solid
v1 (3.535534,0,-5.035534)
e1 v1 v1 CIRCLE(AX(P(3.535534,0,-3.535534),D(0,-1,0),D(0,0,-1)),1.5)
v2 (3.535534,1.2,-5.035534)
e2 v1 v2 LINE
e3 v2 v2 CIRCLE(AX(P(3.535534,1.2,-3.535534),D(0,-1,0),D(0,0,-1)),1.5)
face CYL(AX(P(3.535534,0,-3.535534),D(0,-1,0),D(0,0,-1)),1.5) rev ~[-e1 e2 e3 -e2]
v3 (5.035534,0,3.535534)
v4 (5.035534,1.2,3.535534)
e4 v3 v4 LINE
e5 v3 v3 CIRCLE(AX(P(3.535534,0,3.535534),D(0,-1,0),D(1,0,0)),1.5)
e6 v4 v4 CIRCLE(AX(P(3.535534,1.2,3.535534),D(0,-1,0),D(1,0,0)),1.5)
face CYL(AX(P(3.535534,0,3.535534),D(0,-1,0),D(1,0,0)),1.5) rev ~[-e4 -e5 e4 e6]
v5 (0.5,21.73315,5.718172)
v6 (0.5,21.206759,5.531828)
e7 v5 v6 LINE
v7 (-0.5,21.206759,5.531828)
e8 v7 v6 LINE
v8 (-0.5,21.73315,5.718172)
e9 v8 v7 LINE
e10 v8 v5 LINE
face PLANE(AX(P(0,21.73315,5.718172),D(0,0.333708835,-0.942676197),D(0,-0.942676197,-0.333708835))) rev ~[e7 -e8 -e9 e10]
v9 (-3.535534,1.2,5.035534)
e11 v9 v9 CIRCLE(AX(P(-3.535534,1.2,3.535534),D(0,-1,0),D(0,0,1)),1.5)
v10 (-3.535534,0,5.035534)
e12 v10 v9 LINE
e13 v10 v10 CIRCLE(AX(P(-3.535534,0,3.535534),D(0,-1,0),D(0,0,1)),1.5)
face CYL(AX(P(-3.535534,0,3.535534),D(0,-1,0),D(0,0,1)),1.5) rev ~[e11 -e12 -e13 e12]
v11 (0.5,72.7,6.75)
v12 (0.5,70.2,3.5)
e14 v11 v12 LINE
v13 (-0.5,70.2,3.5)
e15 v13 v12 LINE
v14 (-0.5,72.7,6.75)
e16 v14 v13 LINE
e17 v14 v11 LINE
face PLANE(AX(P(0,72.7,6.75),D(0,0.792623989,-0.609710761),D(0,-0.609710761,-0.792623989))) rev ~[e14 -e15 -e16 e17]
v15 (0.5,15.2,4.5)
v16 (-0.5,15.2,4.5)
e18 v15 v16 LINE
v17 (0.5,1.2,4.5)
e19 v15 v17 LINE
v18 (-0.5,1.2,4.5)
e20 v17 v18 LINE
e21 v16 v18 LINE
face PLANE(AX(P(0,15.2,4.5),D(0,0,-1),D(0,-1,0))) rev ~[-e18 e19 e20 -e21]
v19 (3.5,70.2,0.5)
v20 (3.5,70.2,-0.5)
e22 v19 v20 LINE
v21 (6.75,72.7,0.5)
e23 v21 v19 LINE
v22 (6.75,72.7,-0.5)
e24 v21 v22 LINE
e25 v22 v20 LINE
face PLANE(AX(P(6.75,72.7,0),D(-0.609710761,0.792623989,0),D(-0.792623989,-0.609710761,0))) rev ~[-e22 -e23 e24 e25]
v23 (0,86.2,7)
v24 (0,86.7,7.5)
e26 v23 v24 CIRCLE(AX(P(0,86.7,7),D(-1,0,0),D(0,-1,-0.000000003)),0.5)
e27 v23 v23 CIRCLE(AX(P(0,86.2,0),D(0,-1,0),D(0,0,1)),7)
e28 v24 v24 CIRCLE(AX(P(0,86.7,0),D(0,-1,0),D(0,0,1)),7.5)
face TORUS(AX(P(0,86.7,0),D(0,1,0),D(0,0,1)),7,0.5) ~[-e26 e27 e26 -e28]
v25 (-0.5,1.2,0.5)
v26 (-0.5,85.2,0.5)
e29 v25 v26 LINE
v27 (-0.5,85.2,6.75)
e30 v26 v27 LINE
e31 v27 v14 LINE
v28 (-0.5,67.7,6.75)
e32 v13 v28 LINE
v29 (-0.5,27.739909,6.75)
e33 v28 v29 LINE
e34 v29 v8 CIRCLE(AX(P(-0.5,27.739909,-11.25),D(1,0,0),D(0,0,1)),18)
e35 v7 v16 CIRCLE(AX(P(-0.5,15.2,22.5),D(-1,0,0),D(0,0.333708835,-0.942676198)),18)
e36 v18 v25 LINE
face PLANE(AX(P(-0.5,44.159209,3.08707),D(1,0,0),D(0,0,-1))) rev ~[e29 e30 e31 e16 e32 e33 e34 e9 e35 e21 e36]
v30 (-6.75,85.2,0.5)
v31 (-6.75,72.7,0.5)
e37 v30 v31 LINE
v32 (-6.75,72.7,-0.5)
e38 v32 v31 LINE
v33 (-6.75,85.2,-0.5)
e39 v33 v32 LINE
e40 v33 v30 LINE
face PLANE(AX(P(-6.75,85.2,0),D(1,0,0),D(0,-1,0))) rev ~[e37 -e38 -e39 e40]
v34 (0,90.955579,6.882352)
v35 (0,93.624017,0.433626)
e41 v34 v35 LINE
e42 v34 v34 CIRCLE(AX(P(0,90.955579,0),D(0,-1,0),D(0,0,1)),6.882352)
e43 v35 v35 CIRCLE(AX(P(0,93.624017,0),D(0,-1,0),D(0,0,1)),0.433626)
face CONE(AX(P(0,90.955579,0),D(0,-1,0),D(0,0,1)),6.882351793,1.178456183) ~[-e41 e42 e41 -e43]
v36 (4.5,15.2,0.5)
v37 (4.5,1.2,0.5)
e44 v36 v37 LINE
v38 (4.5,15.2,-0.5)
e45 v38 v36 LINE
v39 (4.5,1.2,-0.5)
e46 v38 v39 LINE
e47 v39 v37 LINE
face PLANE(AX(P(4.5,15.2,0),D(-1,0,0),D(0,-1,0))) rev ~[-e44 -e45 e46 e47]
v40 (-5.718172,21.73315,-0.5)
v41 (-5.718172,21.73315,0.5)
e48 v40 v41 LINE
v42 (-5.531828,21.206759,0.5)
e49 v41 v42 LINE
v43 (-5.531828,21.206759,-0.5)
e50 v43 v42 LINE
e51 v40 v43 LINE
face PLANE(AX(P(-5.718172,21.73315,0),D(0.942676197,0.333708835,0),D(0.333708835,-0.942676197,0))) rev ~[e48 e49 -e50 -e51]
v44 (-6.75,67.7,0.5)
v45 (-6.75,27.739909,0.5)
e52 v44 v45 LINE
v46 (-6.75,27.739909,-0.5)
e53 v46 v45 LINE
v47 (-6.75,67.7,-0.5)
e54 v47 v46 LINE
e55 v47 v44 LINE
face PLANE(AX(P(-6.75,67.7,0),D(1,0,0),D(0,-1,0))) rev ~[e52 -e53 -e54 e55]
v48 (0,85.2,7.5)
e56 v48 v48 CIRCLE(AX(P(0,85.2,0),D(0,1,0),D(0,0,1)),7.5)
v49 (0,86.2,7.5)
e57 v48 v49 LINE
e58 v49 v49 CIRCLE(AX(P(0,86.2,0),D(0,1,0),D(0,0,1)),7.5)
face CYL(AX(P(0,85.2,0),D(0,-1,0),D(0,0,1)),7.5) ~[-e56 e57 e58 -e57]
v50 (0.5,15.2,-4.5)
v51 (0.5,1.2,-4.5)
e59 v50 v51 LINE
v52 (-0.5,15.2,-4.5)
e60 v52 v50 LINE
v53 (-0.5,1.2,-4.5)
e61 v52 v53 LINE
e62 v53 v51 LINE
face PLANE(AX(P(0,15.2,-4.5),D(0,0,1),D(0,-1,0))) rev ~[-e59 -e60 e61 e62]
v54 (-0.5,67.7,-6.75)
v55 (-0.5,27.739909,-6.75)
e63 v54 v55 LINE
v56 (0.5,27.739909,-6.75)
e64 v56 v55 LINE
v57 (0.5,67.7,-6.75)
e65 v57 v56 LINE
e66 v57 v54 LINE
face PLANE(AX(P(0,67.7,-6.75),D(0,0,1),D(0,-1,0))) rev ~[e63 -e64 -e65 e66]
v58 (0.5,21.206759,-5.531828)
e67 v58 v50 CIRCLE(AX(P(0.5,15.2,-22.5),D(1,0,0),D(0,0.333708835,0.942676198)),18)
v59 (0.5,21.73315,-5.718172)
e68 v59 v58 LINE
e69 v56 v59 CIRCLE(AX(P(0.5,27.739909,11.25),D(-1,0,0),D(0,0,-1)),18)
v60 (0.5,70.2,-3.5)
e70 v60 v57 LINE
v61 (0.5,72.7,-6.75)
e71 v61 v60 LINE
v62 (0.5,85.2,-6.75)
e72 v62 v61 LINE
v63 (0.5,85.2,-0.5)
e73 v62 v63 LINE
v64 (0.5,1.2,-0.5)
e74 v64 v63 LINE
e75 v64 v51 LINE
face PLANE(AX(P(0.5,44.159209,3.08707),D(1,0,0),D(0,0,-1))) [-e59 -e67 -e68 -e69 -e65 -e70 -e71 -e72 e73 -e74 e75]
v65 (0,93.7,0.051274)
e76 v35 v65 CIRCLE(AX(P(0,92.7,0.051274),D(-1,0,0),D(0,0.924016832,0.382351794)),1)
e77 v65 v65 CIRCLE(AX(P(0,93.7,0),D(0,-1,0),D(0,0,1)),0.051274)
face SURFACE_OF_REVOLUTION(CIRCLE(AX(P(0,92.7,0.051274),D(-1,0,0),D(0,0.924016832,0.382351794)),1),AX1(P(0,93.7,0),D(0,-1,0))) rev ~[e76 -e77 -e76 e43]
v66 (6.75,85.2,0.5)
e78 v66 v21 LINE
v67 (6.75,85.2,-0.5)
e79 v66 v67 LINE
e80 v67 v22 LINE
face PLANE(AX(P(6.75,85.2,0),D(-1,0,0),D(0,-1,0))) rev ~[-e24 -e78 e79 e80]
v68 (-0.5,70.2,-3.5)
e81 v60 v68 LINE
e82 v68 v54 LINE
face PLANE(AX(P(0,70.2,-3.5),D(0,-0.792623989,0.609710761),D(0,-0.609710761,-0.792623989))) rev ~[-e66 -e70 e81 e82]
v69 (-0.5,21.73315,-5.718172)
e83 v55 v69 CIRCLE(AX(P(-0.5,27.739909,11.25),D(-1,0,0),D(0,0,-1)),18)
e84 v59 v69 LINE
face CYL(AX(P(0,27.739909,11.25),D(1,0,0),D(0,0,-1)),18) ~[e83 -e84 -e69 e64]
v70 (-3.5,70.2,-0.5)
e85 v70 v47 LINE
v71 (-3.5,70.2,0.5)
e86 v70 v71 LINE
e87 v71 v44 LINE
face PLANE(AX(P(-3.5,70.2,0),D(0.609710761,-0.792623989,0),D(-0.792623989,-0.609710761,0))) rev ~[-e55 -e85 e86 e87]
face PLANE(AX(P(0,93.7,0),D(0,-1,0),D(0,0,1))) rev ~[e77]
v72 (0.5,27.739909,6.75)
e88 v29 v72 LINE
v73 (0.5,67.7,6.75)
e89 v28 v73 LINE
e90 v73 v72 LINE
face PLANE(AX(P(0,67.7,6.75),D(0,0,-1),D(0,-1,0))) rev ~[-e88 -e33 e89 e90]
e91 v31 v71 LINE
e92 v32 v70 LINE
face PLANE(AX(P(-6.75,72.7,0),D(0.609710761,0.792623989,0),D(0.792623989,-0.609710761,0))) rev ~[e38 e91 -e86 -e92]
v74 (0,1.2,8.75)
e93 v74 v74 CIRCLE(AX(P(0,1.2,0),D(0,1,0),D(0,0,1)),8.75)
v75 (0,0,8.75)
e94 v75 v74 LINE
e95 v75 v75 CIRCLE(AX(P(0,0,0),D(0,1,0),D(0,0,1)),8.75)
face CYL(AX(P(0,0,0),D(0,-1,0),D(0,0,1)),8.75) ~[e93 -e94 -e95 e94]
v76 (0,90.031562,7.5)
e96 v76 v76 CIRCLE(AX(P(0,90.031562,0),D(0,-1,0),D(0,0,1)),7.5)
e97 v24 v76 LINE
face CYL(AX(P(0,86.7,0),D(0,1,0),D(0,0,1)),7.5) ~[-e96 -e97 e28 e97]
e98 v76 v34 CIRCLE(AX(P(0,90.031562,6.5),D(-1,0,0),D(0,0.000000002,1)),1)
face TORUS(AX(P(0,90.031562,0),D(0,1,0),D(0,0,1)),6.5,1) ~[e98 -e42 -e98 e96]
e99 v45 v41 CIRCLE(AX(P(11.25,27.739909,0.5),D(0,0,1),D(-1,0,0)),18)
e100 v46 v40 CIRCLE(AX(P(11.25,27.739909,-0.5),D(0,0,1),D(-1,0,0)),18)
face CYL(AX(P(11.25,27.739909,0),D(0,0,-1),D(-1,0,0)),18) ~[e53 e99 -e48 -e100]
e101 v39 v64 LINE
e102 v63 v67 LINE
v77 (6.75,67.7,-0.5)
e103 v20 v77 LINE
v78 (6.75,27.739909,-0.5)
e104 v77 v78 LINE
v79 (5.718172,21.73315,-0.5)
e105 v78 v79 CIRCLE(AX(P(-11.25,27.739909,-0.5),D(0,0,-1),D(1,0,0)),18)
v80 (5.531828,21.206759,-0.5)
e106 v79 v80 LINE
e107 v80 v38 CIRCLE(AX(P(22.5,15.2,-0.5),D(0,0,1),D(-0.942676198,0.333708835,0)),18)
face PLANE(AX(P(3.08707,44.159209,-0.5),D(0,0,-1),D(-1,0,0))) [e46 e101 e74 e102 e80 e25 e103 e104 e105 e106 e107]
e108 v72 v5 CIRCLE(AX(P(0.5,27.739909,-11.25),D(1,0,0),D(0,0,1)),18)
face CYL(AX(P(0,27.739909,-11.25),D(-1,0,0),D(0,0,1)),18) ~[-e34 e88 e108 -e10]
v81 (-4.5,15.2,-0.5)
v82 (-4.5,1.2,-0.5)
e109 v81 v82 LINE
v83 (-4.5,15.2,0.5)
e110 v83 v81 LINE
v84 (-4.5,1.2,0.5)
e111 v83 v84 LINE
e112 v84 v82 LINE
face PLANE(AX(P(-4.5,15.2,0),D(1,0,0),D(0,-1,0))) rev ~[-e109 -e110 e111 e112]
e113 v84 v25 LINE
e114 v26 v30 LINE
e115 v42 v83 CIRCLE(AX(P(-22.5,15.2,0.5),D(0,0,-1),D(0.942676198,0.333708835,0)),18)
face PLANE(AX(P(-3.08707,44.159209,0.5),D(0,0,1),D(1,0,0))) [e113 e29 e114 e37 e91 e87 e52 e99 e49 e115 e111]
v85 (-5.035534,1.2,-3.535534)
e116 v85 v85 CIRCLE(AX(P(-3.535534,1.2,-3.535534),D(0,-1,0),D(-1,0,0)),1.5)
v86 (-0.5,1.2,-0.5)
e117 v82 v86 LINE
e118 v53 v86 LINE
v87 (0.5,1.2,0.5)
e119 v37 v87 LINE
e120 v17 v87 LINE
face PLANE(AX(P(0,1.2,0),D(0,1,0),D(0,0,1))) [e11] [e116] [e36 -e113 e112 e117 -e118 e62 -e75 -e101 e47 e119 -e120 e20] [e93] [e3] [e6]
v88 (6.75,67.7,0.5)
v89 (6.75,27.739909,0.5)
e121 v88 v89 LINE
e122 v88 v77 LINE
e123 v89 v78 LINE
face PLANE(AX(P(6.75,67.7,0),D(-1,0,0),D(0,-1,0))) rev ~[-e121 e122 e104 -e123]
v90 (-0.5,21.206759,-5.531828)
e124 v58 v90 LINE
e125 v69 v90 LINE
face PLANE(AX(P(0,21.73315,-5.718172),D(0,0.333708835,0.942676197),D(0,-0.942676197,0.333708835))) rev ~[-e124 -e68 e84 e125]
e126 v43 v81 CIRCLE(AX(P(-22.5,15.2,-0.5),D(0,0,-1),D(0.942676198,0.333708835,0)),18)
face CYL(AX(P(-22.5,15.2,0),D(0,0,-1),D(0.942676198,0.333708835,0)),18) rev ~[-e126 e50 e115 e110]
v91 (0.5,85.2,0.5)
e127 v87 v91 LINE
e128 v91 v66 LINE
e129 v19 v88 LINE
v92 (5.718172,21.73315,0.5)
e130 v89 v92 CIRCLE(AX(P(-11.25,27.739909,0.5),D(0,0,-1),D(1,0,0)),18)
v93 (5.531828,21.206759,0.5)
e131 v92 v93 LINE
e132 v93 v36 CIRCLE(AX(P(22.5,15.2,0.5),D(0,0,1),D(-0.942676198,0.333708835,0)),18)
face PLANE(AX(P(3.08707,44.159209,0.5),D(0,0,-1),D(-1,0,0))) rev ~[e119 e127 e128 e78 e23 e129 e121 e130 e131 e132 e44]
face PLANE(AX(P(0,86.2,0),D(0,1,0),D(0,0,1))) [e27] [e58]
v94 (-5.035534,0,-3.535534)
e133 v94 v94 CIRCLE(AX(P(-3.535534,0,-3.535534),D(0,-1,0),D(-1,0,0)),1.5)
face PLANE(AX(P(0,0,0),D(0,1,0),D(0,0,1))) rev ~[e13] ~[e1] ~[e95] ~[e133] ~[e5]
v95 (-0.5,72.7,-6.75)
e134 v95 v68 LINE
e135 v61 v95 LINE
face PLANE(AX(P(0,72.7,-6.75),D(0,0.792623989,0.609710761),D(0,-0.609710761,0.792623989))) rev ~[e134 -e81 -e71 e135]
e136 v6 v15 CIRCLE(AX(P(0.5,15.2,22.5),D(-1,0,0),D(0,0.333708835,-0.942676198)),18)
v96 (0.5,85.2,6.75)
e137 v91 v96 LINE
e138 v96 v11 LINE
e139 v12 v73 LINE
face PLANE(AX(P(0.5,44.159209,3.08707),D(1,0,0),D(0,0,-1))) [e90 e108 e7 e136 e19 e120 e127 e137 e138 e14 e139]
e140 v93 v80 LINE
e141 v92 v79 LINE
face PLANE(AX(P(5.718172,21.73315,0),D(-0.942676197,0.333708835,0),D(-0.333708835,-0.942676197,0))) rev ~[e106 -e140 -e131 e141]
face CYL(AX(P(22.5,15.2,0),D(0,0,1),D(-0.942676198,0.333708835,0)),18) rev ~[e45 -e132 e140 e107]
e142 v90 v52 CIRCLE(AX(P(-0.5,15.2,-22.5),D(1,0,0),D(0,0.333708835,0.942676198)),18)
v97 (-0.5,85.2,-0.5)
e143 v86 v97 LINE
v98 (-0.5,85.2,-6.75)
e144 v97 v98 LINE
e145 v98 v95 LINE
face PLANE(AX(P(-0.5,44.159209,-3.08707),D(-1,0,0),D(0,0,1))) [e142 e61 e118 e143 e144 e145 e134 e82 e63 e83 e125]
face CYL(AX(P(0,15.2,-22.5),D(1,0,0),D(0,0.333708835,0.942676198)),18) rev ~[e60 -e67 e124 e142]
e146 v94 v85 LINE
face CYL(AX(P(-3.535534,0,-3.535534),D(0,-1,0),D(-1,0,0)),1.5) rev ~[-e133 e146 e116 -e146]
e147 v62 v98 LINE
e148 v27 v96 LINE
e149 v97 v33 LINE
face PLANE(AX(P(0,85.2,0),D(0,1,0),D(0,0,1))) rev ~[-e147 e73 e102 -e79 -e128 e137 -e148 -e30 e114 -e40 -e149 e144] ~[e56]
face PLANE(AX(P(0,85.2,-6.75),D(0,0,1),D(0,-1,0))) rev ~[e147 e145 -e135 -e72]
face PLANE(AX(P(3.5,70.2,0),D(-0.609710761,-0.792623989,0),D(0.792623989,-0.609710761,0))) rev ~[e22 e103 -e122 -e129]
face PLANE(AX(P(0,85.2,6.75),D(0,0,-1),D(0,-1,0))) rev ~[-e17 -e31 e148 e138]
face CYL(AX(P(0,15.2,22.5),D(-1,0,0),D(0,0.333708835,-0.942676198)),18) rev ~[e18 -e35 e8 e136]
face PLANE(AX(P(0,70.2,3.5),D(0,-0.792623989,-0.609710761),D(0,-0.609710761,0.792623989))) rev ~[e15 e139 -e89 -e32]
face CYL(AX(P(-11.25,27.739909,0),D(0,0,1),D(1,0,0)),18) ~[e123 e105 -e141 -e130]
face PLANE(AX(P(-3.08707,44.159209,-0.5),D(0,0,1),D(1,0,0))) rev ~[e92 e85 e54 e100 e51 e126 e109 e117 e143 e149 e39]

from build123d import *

# Parameters (mm, degrees)
SKETCH1_R           = 8.75
BOSS_EXTRUDE1_DEPTH = 1.2
BOSS_EXTRUDE2_DEPTH = 0.5
CIRPATTERN1_COUNT   = 4
SKETCH4_R           = 7.5
BOSS_EXTRUDE3_DEPTH = 1
CUT_EXTRUDE1_REACH  = 96.514
SKETCH6_R           = 1.5
CIRPATTERN2_COUNT   = 4


with BuildPart() as part:
    # Sketch1 → Boss-Extrude1 (new body)
    with BuildSketch(Plane(origin=(0, 0, 0), x_dir=(1, 0, 0), z_dir=(0, 1, 0))):
        with Locations(Location((0, 0, 0), (0, 0, 270))):
            Circle(SKETCH1_R)
    extrude(amount=BOSS_EXTRUDE1_DEPTH)

    # Sketch3 → Boss-Extrude2 (add, symmetric)
    with BuildSketch(Plane(origin=(0, 0, 0), x_dir=(0, 0, -1), z_dir=(1, 0, 0))):
        with BuildLine():
            Line((0, 1.2), (0, 85.2))
            Line((0, 85.2), (6.75, 85.2))
            Line((6.75, 85.2), (6.75, 72.7))
            Line((6.75, 72.7), (3.5, 70.2))
            Line((3.5, 70.2), (6.75, 67.7))
            Line((6.75, 67.7), (6.75, 27.739908728))
            ThreePointArc((6.75, 27.739908728), (6.490167531, 24.69254003), (5.718171558, 21.733149703))
            Line((5.718171558, 21.733149703), (5.531828442, 21.206759025))
            ThreePointArc((5.531828442, 21.206759025), (4.759832469, 18.247368698), (4.5, 15.2))
            Line((4.5, 15.2), (4.5, 1.2))
            Line((4.5, 1.2), (0, 1.2))
        make_face()
    boss_extrude2 = extrude(amount=BOSS_EXTRUDE2_DEPTH, both=True)

    # CirPattern1: Boss-Extrude2 ×4 about axis
    cirpattern1_axis = Axis((0, 0, 0), (0, 1, 0))
    for i in range(1, CIRPATTERN1_COUNT):
        add(boss_extrude2.rotate(cirpattern1_axis, i * 360 / CIRPATTERN1_COUNT))

    # Sketch4 → Boss-Extrude3 (add)
    with BuildSketch(Plane(origin=(0, 85.2, 0), x_dir=(1, 0, 0), z_dir=(0, 1, 0))):
        with Locations(Location((0, 0, 0), (0, 0, 270))):
            Circle(SKETCH4_R)
    extrude(amount=BOSS_EXTRUDE3_DEPTH)

    # Sketch5 → Revolve1 (revolve)
    with BuildSketch(Plane(origin=(0, 0, 0), x_dir=(0, 0, -1), z_dir=(1, 0, 0)), mode=Mode.PRIVATE) as revolve1_sk:
        with BuildLine():
            Line((0, 86.2), (7, 86.2))
            ThreePointArc((7, 86.2), (7.353553391, 86.346446609), (7.5, 86.7))
            Line((7.5, 86.7), (7.5, 90.031561736))
            ThreePointArc((7.5, 90.031561736), (7.331369891, 90.587281183), (6.882351793, 90.955578569))
            Line((6.882351793, 90.955578569), (0.433625988, 93.624016832))
            ThreePointArc((0.433625988, 93.624016832), (0.246188494, 93.680820277), (0.051274196, 93.7))
            Line((0.051274196, 93.7), (0, 93.7))
            Line((0, 93.7), (0, 86.2))
        make_face()
    revolve(revolve1_sk.sketch.rotate(Axis((0, 93.7, 0), (0, -1, 0)), 180), axis=Axis((0, 93.7, 0), (0, -1, 0)))

    # Sketch6 → Cut-Extrude1 (cut, up to next)
    with BuildSketch(Plane.XZ, mode=Mode.PRIVATE) as cut_extrude1_sk1:
        with Locations(Location((3.535533906, -3.535533906, 0), (0, 0, 270))):
            Circle(SKETCH6_R)
    cut_extrude1_tool1 = extrude(cut_extrude1_sk1.sketch, amount=-CUT_EXTRUDE1_REACH, mode=Mode.PRIVATE) & part.part
    cut_extrude1 = cut_extrude1_tool1.solids().sort_by_distance((3.535534, 0, -3.535534))[0]
    add(cut_extrude1, mode=Mode.SUBTRACT)

    # CirPattern2: Cut-Extrude1 ×4 about axis
    cirpattern2_axis = Axis((0, 0, 0), (0, 1, 0))
    for i in range(1, CIRPATTERN2_COUNT):
        add(cut_extrude1.rotate(cirpattern2_axis, i * 360 / CIRPATTERN2_COUNT), mode=Mode.SUBTRACT)


solid = part.part
